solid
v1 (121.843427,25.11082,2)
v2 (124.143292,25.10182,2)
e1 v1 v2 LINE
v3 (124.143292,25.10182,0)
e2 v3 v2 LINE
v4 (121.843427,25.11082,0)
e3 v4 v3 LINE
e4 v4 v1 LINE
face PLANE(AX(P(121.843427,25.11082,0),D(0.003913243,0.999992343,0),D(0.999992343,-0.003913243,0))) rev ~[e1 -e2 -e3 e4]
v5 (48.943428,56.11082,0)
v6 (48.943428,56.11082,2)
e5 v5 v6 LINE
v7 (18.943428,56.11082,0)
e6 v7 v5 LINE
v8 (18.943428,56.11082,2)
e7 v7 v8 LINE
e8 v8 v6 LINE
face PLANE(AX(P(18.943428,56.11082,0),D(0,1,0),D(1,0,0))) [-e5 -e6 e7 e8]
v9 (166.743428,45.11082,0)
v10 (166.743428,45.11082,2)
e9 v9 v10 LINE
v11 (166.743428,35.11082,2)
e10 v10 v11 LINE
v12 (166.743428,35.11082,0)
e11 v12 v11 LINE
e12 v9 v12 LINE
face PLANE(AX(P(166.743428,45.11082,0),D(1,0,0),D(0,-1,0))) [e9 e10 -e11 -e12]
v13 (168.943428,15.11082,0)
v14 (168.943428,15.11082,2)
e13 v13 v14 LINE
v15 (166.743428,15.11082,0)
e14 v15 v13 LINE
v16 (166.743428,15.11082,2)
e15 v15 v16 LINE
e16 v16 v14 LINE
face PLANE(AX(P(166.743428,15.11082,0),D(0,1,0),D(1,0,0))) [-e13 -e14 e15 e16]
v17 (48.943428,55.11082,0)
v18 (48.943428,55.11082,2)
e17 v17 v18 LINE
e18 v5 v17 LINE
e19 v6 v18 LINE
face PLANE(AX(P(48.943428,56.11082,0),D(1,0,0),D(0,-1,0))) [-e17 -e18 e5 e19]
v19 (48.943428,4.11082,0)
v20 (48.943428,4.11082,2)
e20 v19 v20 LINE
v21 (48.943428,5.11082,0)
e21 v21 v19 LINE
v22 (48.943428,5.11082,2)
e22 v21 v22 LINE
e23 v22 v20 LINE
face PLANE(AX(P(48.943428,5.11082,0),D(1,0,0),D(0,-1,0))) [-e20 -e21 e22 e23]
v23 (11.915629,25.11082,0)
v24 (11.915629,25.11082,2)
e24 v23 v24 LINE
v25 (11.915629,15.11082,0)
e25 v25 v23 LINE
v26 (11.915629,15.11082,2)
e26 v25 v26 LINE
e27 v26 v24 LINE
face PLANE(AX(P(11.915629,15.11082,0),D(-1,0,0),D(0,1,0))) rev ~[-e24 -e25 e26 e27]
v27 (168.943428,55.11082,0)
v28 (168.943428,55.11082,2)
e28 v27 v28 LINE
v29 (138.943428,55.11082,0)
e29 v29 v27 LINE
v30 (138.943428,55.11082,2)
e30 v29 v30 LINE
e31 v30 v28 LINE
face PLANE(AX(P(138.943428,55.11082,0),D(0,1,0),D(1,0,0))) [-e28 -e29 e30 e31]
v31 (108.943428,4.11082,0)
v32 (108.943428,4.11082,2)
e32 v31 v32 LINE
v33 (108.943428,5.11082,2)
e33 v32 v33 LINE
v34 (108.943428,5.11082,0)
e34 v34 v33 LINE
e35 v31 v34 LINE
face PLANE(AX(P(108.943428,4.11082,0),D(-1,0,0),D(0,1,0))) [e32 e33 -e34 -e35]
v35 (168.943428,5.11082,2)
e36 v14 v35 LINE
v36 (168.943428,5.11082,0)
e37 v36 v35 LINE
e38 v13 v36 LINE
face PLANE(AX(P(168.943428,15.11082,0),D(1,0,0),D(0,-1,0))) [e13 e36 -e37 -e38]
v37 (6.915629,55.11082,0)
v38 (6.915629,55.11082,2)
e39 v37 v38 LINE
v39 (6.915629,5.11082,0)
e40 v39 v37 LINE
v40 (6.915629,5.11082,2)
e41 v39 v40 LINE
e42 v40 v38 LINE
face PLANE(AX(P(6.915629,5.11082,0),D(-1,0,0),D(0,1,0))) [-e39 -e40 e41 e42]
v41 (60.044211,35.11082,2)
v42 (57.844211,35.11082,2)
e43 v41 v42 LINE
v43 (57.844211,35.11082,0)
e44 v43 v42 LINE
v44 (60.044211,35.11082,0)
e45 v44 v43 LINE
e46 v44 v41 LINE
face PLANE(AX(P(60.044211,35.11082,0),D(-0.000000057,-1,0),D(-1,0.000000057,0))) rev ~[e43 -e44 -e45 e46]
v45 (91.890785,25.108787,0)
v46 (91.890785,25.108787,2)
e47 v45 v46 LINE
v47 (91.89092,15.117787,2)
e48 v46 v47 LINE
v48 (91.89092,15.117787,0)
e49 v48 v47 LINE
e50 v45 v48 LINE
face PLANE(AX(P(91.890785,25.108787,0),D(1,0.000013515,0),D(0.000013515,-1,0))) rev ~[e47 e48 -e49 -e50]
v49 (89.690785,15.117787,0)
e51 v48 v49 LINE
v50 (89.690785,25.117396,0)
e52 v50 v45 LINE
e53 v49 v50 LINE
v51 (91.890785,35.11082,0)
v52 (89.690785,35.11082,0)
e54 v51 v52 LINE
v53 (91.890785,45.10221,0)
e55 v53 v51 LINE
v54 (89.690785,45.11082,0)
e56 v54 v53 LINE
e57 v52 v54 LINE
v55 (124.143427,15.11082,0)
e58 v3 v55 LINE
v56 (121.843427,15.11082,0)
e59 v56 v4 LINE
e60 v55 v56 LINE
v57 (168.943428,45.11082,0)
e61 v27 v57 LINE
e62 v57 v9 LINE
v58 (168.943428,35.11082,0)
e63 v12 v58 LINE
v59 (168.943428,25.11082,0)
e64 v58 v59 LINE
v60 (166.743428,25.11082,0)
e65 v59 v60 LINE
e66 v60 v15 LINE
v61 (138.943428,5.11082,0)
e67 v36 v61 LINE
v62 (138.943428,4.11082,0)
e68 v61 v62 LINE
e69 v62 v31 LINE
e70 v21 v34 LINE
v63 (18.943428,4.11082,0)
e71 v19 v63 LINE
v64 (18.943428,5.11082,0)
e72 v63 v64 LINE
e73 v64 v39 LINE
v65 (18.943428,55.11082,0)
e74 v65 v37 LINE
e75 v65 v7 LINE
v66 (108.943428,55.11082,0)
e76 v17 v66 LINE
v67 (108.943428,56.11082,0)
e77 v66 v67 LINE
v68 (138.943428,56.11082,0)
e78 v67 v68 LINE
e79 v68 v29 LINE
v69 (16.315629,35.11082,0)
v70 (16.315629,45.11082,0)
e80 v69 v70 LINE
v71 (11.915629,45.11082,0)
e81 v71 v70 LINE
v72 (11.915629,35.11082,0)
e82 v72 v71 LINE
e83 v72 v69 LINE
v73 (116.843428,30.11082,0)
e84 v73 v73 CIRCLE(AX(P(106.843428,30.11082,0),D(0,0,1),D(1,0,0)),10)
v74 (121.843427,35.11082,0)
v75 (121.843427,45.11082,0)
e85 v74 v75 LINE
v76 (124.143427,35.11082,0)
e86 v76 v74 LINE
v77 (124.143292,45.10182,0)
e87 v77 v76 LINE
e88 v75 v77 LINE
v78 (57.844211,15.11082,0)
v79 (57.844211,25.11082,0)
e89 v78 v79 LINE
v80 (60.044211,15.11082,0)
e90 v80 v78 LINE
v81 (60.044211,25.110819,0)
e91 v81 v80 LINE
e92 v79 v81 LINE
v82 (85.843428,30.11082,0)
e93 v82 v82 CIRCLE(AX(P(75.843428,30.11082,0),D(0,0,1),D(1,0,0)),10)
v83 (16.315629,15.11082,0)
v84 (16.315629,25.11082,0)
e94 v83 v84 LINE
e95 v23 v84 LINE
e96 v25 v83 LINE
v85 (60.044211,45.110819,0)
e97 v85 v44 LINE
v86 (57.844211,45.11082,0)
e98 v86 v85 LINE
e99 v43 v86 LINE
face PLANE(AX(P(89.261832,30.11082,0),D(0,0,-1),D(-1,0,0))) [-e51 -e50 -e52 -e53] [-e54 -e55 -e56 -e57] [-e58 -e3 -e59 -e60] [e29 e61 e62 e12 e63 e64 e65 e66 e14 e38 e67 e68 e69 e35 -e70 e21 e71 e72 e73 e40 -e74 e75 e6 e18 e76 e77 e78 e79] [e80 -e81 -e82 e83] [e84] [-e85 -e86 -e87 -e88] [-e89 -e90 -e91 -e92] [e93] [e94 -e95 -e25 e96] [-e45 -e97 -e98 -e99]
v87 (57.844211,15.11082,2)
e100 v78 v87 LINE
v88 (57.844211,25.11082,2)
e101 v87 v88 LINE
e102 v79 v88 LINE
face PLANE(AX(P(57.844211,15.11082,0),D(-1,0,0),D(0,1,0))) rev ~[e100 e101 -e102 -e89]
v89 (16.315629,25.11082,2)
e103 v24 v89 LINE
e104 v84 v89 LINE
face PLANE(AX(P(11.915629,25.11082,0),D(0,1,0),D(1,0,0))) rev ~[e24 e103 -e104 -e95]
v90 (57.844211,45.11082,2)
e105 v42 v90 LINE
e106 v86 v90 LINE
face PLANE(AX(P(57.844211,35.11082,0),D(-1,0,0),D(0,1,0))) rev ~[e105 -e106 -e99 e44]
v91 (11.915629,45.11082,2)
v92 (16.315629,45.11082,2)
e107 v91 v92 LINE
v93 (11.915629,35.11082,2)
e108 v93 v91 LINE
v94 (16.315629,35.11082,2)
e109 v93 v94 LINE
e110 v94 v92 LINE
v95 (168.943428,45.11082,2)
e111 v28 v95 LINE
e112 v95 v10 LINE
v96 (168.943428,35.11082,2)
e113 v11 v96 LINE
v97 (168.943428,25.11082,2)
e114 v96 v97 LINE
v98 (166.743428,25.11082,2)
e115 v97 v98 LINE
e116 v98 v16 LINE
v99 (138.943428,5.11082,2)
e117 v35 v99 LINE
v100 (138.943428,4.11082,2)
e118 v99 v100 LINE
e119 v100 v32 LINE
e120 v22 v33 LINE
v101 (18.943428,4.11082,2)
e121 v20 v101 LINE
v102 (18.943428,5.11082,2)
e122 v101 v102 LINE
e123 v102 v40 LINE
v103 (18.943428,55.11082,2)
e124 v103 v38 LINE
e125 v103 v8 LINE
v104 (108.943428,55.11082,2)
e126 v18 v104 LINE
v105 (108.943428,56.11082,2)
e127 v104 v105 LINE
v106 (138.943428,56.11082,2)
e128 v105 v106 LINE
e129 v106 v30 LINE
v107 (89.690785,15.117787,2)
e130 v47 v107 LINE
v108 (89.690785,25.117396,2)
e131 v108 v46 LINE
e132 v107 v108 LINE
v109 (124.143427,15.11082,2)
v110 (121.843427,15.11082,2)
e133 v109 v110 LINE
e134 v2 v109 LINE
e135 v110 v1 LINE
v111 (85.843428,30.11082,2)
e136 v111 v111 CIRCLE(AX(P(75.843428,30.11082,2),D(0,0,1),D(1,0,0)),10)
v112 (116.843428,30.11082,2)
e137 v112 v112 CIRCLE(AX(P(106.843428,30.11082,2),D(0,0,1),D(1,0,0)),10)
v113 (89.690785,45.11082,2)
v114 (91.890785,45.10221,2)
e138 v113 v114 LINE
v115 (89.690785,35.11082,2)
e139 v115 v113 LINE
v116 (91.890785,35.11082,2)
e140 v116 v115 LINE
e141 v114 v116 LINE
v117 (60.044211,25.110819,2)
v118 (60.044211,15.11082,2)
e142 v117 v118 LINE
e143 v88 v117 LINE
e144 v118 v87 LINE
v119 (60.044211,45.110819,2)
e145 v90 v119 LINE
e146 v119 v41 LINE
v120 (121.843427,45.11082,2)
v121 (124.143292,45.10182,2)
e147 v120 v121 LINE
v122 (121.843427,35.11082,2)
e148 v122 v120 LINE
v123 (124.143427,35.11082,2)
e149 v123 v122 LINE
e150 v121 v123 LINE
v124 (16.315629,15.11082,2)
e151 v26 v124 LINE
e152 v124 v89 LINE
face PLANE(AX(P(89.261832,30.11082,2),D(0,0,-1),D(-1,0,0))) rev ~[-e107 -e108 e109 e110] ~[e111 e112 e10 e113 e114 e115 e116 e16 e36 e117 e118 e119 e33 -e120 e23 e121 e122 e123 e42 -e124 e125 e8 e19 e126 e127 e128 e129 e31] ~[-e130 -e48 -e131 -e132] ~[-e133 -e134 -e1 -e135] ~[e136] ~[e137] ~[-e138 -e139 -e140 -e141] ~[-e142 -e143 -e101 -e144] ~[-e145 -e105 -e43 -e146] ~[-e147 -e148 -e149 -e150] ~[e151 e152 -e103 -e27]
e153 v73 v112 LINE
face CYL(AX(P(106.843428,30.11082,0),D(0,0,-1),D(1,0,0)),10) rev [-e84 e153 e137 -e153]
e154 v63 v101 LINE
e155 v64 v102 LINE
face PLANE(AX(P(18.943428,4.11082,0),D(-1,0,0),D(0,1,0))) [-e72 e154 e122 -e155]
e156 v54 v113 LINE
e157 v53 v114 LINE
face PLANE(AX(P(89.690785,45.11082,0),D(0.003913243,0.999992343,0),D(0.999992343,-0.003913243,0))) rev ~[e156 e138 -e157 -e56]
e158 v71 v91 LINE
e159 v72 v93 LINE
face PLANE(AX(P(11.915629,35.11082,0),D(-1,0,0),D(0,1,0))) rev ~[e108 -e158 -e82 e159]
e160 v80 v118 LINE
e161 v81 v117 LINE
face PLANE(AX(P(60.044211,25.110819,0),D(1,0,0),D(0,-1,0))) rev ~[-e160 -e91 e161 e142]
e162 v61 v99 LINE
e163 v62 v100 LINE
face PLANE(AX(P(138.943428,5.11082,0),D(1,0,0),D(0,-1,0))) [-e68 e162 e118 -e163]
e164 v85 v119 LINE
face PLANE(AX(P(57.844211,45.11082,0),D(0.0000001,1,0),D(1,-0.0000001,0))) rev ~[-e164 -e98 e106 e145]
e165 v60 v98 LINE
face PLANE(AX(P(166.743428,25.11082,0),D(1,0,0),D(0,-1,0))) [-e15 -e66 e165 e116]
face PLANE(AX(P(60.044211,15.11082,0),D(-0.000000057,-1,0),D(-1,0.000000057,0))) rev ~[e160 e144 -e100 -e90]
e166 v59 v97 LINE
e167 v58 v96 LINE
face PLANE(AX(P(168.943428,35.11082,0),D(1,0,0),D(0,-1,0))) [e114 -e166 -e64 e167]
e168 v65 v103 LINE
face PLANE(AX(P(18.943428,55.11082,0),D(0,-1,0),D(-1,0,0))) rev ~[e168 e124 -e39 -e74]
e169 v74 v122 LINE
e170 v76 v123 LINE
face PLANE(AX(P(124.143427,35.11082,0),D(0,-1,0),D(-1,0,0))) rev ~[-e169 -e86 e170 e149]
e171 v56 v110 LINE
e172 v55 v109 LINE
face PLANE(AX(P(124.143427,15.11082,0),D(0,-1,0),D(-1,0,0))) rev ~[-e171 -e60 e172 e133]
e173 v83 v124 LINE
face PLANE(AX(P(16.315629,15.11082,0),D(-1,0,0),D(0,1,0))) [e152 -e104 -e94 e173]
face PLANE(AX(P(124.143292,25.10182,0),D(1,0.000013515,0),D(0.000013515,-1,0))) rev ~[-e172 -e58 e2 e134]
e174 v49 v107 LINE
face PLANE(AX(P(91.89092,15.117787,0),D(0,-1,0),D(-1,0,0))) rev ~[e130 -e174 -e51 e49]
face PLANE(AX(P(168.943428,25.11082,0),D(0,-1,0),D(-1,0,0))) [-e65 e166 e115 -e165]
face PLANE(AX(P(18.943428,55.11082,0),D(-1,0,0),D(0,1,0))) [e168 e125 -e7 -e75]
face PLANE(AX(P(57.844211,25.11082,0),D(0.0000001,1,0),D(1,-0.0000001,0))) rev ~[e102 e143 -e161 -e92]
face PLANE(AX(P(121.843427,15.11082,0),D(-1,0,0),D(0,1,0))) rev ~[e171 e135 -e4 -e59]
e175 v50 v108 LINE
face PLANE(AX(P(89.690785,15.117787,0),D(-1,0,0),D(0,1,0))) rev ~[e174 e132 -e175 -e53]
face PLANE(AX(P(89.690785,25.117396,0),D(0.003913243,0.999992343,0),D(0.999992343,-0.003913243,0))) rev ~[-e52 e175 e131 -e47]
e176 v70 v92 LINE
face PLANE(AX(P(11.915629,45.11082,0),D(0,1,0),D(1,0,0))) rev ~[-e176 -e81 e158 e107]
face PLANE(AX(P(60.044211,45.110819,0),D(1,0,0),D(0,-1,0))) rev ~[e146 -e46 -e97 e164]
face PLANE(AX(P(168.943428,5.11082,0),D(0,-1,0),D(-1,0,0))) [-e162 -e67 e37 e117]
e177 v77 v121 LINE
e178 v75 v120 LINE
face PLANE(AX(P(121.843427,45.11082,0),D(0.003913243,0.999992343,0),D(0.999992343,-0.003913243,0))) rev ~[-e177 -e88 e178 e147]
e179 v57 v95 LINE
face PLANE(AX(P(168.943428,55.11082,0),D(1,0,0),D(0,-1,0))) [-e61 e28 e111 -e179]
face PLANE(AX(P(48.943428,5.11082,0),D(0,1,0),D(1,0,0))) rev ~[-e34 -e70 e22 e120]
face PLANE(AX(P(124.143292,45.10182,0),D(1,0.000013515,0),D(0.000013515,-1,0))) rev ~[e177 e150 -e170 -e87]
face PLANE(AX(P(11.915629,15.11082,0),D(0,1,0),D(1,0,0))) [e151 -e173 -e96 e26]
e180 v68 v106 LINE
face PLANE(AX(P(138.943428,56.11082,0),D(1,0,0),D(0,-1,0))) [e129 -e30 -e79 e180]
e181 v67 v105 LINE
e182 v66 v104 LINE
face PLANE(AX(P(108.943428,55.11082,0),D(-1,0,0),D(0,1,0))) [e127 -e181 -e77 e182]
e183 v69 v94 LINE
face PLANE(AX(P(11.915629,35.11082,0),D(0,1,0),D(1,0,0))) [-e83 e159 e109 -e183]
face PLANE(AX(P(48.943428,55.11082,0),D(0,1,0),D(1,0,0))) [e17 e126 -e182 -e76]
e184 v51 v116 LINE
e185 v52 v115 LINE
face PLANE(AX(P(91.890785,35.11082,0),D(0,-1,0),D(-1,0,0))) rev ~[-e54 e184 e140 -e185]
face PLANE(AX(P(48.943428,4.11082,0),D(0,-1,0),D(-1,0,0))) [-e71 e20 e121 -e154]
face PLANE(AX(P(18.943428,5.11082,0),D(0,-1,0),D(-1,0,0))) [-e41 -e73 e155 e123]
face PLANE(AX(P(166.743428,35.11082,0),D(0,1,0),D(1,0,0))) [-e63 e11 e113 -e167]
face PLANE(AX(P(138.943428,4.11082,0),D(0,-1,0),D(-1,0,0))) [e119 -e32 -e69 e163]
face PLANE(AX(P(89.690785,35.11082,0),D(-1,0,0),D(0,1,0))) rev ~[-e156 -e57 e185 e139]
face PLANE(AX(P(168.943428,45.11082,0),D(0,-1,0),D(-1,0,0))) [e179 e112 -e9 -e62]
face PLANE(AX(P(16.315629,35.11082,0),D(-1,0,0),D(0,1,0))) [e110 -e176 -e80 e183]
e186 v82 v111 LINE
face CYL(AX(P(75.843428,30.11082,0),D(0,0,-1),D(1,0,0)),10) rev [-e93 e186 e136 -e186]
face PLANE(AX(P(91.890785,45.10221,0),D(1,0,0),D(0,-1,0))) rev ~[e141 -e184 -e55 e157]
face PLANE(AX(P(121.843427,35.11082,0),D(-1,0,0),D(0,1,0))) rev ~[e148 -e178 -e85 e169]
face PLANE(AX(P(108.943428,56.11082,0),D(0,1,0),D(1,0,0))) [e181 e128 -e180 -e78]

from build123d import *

# Parameters (mm, degrees)
MODEL_R         = 10
MODEL_W         = 4.4
MODEL_H         = 10
EXTRUDE_1_DEPTH = 2


with BuildPart() as part:
    # Model → 凸台-拉伸1 (new body)
    with BuildSketch(Plane.XY):
        Polygon((13.943428414, 55.11082042), (18.943428414, 55.11082042), (18.943428414, 56.11082042), (48.943428414, 56.11082042), (48.943428414, 55.11082042), (108.943428414, 55.11082042), (108.943428414, 56.11082042), (138.943428414, 56.11082042), (138.943428414, 55.11082042), (168.943428414, 55.11082042), (168.943428414, 45.11082042), (166.743428414, 45.11082042), (166.743428414, 35.11082042), (168.943428414, 35.11082042), (168.943428414, 25.11082042), (166.743428414, 25.11082042), (166.743428414, 15.11082042), (168.943428414, 15.11082042), (168.943428414, 5.11082042), (138.943428414, 5.11082042), (138.943428414, 4.11082042), (108.943428414, 4.11082042), (108.943428414, 5.11082042), (61.943428414, 5.11082042), (55.943428414, 5.11082042), (48.943428414, 5.11082042), (48.943428414, 4.11082042), (18.943428414, 4.11082042), (18.943428414, 5.11082042), (6.91562917, 5.11082042), (6.91562917, 55.11082042), align=None)
        with Locations((75.843428414, 30.11082042)):
            Circle(MODEL_R, mode=Mode.SUBTRACT)
        with Locations((106.843428414, 30.11082042)):
            Circle(MODEL_R, mode=Mode.SUBTRACT)
        Polygon((89.690784519, 25.117395738), (91.890784519, 25.108786537), (91.89091955, 15.117786537), (89.690784519, 15.117786537), align=None, mode=Mode.SUBTRACT)
        Polygon((89.690784519, 45.110819609), (91.890784519, 45.102210408), (91.890784519, 35.110819609), (89.690784519, 35.110819609), align=None, mode=Mode.SUBTRACT)
        Polygon((121.843427205, 45.110819609), (124.143292174, 45.101819609), (124.143427205, 35.110819609), (121.843427205, 35.110819609), align=None, mode=Mode.SUBTRACT)
        Polygon((121.843427205, 25.110819609), (124.143292174, 25.101819609), (124.143427205, 15.110819609), (121.843427205, 15.110819609), align=None, mode=Mode.SUBTRACT)
        Polygon((57.844211187, 45.110819609), (60.044211187, 45.11081939), (60.044211187, 35.110819675), (57.844211187, 35.1108198), align=None, mode=Mode.SUBTRACT)
        Polygon((57.844211187, 25.110819609), (60.044211187, 25.11081939), (60.044211187, 15.110819675), (57.844211187, 15.1108198), align=None, mode=Mode.SUBTRACT)
        with Locations((14.11562917, 40.110820275)):
            Rectangle(MODEL_W, MODEL_H, mode=Mode.SUBTRACT)
        with Locations((14.11562917, 20.110820275)):
            Rectangle(MODEL_W, MODEL_H, mode=Mode.SUBTRACT)
    extrude(amount=EXTRUDE_1_DEPTH)


solid = part.part
